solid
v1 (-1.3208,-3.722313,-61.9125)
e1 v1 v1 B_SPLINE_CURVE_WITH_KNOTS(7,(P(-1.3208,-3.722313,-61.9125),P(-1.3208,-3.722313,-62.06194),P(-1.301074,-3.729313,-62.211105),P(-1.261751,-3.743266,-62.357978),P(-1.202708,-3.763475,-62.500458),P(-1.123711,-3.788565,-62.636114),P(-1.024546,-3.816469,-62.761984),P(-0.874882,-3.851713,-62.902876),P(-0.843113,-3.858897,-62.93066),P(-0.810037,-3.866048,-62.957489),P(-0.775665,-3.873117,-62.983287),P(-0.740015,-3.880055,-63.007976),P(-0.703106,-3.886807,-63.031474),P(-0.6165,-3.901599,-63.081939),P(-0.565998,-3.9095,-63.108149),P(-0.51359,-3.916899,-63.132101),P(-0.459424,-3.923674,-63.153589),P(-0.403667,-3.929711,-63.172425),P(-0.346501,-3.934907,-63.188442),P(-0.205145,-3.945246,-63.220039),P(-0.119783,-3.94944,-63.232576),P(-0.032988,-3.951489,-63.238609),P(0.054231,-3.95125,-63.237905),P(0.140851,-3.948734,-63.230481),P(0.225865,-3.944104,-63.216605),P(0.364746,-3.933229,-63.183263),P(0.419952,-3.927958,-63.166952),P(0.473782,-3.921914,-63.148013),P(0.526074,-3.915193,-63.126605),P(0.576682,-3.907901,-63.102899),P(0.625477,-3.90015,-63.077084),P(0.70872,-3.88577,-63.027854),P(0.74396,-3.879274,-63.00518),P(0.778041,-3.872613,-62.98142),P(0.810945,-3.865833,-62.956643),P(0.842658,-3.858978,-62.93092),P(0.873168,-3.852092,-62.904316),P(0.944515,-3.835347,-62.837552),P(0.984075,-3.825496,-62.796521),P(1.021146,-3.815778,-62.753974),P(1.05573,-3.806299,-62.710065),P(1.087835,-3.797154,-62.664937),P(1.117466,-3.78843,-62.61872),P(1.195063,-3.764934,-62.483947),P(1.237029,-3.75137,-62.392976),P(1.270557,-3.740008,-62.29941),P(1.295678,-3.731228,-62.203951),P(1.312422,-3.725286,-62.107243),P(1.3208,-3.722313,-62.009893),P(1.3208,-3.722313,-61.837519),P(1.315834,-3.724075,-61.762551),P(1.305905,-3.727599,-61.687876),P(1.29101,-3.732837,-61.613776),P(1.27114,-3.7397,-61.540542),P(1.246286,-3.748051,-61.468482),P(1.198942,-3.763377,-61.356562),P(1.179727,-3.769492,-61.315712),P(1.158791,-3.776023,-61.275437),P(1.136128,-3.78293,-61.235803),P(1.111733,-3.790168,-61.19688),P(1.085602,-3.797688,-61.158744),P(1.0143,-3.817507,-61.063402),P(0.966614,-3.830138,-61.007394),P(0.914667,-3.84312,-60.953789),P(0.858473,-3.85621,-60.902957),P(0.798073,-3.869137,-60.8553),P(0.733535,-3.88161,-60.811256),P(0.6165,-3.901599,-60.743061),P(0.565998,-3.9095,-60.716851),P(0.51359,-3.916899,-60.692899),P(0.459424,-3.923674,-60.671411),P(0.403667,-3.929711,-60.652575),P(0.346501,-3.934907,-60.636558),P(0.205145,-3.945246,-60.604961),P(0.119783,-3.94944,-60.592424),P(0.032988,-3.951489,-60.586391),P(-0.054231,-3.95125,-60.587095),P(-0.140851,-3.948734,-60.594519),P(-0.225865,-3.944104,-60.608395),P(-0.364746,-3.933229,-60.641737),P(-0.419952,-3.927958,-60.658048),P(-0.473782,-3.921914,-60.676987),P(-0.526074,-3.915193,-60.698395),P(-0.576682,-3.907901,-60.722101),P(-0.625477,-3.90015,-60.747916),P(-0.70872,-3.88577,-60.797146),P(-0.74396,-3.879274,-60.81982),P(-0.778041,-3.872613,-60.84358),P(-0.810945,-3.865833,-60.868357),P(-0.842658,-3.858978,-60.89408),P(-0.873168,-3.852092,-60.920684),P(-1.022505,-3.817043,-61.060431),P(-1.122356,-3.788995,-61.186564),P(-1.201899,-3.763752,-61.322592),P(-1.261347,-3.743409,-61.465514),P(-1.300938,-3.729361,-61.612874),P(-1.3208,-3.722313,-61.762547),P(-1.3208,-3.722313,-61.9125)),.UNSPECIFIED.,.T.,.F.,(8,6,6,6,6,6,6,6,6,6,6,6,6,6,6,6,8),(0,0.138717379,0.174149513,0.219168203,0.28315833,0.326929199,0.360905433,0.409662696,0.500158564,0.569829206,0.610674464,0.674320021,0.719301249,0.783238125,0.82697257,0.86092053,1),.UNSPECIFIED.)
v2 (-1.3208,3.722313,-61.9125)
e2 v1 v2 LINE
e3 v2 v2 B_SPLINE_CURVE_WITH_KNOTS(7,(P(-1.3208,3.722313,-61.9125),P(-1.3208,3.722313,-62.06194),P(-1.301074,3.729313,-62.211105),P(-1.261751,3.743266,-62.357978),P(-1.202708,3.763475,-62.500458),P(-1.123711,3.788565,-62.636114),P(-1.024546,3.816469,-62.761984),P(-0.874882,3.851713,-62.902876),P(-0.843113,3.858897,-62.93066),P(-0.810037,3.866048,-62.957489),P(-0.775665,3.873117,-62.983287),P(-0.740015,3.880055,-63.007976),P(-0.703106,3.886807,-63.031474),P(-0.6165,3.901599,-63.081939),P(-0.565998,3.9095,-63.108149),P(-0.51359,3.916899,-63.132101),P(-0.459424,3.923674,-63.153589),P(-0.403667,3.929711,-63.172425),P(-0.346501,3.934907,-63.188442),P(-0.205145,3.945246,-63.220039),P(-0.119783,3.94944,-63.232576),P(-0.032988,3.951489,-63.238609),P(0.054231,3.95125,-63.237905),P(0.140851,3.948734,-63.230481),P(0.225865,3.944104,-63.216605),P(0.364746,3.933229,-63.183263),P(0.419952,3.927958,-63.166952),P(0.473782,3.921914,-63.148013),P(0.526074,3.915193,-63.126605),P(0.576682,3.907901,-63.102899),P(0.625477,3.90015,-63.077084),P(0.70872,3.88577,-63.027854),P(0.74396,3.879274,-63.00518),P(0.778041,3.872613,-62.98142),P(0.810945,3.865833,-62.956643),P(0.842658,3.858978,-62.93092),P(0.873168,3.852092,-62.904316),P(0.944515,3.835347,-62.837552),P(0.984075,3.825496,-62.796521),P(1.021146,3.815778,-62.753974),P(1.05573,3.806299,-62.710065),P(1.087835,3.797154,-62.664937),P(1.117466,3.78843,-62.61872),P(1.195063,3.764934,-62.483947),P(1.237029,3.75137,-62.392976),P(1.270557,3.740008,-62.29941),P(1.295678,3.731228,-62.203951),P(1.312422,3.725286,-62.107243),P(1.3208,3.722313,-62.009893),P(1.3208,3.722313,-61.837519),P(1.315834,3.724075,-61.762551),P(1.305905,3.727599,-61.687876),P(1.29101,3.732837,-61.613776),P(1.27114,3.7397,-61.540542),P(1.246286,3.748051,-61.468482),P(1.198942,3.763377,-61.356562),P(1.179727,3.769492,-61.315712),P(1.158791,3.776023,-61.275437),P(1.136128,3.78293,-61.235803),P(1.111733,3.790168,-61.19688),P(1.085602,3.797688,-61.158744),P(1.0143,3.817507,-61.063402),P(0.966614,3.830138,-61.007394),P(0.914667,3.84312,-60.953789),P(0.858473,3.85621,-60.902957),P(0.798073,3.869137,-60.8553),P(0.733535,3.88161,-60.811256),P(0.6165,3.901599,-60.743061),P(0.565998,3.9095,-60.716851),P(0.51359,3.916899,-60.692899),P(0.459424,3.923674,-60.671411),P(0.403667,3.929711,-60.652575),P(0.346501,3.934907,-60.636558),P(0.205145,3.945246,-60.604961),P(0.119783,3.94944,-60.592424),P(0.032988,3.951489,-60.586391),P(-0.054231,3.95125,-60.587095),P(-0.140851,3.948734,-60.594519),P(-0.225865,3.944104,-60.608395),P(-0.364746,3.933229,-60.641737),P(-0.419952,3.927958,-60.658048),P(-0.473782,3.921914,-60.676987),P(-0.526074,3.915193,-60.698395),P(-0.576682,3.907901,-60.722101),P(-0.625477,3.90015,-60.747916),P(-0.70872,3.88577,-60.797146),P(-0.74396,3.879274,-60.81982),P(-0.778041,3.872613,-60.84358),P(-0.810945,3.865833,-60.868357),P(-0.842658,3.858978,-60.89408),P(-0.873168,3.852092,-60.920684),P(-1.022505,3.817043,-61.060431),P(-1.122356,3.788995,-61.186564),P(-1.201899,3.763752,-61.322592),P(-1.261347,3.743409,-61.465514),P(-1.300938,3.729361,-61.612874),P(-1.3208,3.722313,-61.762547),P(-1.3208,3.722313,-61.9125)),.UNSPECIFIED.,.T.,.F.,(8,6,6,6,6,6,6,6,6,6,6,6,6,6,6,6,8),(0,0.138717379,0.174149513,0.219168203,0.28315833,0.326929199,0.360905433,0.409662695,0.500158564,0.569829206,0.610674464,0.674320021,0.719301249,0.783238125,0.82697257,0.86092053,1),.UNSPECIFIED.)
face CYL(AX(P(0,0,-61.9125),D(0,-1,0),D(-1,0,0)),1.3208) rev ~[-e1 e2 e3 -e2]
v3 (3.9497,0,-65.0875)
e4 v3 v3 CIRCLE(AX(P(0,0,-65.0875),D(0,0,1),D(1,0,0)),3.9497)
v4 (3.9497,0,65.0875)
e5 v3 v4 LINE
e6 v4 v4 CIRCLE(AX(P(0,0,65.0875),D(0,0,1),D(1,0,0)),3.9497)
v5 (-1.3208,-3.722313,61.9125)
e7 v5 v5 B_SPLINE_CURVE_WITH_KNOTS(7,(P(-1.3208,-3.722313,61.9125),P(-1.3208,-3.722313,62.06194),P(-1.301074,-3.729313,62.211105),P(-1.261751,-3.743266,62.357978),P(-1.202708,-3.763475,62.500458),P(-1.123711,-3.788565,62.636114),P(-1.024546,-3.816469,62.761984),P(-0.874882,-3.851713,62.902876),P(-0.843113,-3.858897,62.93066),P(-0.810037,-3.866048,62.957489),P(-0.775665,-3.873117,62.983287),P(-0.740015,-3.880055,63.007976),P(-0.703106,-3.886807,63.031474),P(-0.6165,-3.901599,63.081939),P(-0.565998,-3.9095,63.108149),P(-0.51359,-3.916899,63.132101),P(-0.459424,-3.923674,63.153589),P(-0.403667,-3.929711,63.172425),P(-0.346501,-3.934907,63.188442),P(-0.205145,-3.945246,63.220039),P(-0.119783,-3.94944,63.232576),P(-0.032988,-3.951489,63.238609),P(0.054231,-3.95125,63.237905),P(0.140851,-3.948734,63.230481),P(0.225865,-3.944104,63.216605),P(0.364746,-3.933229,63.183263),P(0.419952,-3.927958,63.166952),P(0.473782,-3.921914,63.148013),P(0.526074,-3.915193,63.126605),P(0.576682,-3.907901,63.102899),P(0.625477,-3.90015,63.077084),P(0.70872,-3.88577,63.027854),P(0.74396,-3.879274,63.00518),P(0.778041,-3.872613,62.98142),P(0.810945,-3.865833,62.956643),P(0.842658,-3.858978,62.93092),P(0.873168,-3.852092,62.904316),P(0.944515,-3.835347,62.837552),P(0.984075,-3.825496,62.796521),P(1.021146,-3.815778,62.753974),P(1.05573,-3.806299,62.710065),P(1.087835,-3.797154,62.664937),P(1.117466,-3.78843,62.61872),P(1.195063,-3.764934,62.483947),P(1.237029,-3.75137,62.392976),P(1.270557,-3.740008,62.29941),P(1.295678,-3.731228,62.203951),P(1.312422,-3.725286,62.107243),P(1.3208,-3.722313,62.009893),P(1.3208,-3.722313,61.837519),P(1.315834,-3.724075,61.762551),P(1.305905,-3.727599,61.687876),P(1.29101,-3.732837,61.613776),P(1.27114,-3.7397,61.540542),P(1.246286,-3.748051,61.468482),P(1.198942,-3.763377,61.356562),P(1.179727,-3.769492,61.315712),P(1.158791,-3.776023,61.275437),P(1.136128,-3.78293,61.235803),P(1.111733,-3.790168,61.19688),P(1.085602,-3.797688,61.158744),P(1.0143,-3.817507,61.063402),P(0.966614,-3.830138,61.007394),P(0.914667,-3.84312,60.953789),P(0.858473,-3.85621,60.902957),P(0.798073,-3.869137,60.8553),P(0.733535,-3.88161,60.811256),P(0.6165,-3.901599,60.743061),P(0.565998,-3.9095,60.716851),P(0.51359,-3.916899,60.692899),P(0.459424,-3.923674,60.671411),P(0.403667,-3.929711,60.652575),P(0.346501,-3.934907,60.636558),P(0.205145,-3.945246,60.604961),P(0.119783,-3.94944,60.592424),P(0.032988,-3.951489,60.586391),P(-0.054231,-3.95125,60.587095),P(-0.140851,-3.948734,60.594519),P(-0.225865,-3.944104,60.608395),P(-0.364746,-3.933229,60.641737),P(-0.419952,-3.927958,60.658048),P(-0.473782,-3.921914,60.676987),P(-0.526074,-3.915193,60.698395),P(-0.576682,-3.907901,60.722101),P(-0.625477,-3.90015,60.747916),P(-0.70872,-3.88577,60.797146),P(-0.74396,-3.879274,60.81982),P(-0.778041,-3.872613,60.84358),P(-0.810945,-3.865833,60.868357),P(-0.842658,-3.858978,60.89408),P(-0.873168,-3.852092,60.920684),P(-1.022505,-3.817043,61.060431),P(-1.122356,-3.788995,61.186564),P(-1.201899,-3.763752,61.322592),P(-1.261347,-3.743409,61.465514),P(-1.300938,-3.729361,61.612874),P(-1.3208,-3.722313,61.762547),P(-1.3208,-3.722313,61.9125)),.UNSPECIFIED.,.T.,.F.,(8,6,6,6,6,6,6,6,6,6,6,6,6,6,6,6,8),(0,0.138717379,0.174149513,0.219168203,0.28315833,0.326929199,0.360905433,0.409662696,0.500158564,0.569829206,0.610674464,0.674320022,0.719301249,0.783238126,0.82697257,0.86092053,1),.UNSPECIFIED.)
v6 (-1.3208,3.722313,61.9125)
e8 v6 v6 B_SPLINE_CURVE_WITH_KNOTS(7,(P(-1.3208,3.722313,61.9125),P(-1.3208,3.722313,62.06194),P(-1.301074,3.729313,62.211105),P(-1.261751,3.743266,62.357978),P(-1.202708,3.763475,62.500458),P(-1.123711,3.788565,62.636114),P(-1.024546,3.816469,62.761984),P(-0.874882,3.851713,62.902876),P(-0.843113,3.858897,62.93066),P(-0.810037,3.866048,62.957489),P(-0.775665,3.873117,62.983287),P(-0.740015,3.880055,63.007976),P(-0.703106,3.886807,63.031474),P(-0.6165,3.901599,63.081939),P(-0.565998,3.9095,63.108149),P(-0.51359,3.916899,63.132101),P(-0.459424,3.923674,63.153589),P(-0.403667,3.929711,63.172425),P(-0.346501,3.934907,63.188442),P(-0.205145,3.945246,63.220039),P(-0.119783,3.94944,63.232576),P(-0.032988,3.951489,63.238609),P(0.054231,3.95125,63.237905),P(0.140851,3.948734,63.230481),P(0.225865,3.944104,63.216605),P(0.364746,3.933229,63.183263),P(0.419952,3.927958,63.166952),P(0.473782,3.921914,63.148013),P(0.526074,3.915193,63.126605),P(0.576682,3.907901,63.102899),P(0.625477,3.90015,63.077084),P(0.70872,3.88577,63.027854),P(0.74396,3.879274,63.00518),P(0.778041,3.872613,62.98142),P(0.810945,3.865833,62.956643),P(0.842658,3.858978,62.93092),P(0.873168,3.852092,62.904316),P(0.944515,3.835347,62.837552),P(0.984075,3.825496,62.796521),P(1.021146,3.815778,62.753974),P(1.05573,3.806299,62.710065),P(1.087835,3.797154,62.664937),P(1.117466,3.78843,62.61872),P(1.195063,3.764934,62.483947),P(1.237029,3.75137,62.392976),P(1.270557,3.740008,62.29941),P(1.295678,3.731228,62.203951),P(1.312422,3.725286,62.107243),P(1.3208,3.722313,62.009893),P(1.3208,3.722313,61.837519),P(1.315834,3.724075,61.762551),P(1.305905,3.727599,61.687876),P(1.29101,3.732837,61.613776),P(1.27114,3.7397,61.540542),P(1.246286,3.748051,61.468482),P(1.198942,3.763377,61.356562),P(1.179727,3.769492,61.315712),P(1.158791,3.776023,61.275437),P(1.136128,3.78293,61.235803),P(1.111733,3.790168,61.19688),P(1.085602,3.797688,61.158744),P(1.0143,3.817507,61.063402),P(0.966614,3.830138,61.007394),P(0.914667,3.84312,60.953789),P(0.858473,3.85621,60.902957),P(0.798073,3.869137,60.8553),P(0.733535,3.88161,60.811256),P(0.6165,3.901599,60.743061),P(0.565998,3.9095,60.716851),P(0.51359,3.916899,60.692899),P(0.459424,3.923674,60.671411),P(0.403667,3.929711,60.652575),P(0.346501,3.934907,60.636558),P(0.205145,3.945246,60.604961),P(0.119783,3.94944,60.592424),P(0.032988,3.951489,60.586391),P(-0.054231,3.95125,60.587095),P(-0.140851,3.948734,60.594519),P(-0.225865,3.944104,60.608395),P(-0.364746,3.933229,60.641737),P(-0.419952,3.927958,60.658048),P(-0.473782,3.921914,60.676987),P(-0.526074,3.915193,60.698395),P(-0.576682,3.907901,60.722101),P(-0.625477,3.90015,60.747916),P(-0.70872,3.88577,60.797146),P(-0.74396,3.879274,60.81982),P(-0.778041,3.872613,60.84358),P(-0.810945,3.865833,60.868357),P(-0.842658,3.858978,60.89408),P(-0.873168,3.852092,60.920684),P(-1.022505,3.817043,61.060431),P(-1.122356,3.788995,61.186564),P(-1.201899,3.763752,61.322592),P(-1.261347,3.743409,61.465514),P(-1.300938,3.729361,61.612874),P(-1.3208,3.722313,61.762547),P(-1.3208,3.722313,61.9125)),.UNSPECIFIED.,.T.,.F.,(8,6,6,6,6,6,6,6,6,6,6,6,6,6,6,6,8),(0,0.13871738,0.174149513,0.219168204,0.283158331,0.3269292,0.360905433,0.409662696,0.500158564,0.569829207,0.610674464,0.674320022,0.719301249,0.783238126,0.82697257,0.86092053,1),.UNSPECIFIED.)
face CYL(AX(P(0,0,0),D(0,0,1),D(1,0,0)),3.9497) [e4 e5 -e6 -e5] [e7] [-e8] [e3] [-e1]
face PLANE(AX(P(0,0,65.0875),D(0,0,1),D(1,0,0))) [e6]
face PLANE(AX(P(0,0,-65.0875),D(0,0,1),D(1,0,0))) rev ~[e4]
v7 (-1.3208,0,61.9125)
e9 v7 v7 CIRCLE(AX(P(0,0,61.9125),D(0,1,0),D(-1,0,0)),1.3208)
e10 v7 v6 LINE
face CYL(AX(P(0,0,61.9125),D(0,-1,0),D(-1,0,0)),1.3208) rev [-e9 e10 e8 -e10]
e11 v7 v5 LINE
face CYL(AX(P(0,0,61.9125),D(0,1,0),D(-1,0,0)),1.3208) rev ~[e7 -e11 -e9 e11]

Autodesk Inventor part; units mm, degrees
ref_plane "YZ Plane" through (0, 0, 0) normal (1, 0, 0) x (0, 1, 0)
ref_plane "XZ Plane" through (0, 0, 0) normal (0, 1, 0) x (-1, 0, 0)
ref_plane "XY Plane" through (0, 0, 0) normal (0, 0, 1) x (1, 0, 0)
sketch "Sketch1" plane through (0, 0, 0) normal (0, 0, 1) x (1, 0, 0)
  circle A0 centre (0, 0) radius 3.9497
  dimension "d0" = 7.8994
extrude "Extrusion1" add sketch "Sketch1" against normal mid plane 130.175
sketch "Sketch2" plane through (0, 0, 0) normal (0, 1, 0) x (-1, 0, 0)
  circle A0 centre (0, 61.9125) radius 1.3208
  line L0 (-3.9497, 65.0875) -> (3.9497, 65.0875) projected
  point P0 (0, 65.0875)
  dimension "d3" = 2.6416
  dimension "d4" = 3.175
extrude "Extrusion2" cut sketch "Sketch2" along normal through all both and the other way through all
mirror "Mirror1" about plane through (0, 0, 0) normal (0, 0, 1) of "Extrusion2"
properties part number "Handle_Rod" material "Steel, Mild"
